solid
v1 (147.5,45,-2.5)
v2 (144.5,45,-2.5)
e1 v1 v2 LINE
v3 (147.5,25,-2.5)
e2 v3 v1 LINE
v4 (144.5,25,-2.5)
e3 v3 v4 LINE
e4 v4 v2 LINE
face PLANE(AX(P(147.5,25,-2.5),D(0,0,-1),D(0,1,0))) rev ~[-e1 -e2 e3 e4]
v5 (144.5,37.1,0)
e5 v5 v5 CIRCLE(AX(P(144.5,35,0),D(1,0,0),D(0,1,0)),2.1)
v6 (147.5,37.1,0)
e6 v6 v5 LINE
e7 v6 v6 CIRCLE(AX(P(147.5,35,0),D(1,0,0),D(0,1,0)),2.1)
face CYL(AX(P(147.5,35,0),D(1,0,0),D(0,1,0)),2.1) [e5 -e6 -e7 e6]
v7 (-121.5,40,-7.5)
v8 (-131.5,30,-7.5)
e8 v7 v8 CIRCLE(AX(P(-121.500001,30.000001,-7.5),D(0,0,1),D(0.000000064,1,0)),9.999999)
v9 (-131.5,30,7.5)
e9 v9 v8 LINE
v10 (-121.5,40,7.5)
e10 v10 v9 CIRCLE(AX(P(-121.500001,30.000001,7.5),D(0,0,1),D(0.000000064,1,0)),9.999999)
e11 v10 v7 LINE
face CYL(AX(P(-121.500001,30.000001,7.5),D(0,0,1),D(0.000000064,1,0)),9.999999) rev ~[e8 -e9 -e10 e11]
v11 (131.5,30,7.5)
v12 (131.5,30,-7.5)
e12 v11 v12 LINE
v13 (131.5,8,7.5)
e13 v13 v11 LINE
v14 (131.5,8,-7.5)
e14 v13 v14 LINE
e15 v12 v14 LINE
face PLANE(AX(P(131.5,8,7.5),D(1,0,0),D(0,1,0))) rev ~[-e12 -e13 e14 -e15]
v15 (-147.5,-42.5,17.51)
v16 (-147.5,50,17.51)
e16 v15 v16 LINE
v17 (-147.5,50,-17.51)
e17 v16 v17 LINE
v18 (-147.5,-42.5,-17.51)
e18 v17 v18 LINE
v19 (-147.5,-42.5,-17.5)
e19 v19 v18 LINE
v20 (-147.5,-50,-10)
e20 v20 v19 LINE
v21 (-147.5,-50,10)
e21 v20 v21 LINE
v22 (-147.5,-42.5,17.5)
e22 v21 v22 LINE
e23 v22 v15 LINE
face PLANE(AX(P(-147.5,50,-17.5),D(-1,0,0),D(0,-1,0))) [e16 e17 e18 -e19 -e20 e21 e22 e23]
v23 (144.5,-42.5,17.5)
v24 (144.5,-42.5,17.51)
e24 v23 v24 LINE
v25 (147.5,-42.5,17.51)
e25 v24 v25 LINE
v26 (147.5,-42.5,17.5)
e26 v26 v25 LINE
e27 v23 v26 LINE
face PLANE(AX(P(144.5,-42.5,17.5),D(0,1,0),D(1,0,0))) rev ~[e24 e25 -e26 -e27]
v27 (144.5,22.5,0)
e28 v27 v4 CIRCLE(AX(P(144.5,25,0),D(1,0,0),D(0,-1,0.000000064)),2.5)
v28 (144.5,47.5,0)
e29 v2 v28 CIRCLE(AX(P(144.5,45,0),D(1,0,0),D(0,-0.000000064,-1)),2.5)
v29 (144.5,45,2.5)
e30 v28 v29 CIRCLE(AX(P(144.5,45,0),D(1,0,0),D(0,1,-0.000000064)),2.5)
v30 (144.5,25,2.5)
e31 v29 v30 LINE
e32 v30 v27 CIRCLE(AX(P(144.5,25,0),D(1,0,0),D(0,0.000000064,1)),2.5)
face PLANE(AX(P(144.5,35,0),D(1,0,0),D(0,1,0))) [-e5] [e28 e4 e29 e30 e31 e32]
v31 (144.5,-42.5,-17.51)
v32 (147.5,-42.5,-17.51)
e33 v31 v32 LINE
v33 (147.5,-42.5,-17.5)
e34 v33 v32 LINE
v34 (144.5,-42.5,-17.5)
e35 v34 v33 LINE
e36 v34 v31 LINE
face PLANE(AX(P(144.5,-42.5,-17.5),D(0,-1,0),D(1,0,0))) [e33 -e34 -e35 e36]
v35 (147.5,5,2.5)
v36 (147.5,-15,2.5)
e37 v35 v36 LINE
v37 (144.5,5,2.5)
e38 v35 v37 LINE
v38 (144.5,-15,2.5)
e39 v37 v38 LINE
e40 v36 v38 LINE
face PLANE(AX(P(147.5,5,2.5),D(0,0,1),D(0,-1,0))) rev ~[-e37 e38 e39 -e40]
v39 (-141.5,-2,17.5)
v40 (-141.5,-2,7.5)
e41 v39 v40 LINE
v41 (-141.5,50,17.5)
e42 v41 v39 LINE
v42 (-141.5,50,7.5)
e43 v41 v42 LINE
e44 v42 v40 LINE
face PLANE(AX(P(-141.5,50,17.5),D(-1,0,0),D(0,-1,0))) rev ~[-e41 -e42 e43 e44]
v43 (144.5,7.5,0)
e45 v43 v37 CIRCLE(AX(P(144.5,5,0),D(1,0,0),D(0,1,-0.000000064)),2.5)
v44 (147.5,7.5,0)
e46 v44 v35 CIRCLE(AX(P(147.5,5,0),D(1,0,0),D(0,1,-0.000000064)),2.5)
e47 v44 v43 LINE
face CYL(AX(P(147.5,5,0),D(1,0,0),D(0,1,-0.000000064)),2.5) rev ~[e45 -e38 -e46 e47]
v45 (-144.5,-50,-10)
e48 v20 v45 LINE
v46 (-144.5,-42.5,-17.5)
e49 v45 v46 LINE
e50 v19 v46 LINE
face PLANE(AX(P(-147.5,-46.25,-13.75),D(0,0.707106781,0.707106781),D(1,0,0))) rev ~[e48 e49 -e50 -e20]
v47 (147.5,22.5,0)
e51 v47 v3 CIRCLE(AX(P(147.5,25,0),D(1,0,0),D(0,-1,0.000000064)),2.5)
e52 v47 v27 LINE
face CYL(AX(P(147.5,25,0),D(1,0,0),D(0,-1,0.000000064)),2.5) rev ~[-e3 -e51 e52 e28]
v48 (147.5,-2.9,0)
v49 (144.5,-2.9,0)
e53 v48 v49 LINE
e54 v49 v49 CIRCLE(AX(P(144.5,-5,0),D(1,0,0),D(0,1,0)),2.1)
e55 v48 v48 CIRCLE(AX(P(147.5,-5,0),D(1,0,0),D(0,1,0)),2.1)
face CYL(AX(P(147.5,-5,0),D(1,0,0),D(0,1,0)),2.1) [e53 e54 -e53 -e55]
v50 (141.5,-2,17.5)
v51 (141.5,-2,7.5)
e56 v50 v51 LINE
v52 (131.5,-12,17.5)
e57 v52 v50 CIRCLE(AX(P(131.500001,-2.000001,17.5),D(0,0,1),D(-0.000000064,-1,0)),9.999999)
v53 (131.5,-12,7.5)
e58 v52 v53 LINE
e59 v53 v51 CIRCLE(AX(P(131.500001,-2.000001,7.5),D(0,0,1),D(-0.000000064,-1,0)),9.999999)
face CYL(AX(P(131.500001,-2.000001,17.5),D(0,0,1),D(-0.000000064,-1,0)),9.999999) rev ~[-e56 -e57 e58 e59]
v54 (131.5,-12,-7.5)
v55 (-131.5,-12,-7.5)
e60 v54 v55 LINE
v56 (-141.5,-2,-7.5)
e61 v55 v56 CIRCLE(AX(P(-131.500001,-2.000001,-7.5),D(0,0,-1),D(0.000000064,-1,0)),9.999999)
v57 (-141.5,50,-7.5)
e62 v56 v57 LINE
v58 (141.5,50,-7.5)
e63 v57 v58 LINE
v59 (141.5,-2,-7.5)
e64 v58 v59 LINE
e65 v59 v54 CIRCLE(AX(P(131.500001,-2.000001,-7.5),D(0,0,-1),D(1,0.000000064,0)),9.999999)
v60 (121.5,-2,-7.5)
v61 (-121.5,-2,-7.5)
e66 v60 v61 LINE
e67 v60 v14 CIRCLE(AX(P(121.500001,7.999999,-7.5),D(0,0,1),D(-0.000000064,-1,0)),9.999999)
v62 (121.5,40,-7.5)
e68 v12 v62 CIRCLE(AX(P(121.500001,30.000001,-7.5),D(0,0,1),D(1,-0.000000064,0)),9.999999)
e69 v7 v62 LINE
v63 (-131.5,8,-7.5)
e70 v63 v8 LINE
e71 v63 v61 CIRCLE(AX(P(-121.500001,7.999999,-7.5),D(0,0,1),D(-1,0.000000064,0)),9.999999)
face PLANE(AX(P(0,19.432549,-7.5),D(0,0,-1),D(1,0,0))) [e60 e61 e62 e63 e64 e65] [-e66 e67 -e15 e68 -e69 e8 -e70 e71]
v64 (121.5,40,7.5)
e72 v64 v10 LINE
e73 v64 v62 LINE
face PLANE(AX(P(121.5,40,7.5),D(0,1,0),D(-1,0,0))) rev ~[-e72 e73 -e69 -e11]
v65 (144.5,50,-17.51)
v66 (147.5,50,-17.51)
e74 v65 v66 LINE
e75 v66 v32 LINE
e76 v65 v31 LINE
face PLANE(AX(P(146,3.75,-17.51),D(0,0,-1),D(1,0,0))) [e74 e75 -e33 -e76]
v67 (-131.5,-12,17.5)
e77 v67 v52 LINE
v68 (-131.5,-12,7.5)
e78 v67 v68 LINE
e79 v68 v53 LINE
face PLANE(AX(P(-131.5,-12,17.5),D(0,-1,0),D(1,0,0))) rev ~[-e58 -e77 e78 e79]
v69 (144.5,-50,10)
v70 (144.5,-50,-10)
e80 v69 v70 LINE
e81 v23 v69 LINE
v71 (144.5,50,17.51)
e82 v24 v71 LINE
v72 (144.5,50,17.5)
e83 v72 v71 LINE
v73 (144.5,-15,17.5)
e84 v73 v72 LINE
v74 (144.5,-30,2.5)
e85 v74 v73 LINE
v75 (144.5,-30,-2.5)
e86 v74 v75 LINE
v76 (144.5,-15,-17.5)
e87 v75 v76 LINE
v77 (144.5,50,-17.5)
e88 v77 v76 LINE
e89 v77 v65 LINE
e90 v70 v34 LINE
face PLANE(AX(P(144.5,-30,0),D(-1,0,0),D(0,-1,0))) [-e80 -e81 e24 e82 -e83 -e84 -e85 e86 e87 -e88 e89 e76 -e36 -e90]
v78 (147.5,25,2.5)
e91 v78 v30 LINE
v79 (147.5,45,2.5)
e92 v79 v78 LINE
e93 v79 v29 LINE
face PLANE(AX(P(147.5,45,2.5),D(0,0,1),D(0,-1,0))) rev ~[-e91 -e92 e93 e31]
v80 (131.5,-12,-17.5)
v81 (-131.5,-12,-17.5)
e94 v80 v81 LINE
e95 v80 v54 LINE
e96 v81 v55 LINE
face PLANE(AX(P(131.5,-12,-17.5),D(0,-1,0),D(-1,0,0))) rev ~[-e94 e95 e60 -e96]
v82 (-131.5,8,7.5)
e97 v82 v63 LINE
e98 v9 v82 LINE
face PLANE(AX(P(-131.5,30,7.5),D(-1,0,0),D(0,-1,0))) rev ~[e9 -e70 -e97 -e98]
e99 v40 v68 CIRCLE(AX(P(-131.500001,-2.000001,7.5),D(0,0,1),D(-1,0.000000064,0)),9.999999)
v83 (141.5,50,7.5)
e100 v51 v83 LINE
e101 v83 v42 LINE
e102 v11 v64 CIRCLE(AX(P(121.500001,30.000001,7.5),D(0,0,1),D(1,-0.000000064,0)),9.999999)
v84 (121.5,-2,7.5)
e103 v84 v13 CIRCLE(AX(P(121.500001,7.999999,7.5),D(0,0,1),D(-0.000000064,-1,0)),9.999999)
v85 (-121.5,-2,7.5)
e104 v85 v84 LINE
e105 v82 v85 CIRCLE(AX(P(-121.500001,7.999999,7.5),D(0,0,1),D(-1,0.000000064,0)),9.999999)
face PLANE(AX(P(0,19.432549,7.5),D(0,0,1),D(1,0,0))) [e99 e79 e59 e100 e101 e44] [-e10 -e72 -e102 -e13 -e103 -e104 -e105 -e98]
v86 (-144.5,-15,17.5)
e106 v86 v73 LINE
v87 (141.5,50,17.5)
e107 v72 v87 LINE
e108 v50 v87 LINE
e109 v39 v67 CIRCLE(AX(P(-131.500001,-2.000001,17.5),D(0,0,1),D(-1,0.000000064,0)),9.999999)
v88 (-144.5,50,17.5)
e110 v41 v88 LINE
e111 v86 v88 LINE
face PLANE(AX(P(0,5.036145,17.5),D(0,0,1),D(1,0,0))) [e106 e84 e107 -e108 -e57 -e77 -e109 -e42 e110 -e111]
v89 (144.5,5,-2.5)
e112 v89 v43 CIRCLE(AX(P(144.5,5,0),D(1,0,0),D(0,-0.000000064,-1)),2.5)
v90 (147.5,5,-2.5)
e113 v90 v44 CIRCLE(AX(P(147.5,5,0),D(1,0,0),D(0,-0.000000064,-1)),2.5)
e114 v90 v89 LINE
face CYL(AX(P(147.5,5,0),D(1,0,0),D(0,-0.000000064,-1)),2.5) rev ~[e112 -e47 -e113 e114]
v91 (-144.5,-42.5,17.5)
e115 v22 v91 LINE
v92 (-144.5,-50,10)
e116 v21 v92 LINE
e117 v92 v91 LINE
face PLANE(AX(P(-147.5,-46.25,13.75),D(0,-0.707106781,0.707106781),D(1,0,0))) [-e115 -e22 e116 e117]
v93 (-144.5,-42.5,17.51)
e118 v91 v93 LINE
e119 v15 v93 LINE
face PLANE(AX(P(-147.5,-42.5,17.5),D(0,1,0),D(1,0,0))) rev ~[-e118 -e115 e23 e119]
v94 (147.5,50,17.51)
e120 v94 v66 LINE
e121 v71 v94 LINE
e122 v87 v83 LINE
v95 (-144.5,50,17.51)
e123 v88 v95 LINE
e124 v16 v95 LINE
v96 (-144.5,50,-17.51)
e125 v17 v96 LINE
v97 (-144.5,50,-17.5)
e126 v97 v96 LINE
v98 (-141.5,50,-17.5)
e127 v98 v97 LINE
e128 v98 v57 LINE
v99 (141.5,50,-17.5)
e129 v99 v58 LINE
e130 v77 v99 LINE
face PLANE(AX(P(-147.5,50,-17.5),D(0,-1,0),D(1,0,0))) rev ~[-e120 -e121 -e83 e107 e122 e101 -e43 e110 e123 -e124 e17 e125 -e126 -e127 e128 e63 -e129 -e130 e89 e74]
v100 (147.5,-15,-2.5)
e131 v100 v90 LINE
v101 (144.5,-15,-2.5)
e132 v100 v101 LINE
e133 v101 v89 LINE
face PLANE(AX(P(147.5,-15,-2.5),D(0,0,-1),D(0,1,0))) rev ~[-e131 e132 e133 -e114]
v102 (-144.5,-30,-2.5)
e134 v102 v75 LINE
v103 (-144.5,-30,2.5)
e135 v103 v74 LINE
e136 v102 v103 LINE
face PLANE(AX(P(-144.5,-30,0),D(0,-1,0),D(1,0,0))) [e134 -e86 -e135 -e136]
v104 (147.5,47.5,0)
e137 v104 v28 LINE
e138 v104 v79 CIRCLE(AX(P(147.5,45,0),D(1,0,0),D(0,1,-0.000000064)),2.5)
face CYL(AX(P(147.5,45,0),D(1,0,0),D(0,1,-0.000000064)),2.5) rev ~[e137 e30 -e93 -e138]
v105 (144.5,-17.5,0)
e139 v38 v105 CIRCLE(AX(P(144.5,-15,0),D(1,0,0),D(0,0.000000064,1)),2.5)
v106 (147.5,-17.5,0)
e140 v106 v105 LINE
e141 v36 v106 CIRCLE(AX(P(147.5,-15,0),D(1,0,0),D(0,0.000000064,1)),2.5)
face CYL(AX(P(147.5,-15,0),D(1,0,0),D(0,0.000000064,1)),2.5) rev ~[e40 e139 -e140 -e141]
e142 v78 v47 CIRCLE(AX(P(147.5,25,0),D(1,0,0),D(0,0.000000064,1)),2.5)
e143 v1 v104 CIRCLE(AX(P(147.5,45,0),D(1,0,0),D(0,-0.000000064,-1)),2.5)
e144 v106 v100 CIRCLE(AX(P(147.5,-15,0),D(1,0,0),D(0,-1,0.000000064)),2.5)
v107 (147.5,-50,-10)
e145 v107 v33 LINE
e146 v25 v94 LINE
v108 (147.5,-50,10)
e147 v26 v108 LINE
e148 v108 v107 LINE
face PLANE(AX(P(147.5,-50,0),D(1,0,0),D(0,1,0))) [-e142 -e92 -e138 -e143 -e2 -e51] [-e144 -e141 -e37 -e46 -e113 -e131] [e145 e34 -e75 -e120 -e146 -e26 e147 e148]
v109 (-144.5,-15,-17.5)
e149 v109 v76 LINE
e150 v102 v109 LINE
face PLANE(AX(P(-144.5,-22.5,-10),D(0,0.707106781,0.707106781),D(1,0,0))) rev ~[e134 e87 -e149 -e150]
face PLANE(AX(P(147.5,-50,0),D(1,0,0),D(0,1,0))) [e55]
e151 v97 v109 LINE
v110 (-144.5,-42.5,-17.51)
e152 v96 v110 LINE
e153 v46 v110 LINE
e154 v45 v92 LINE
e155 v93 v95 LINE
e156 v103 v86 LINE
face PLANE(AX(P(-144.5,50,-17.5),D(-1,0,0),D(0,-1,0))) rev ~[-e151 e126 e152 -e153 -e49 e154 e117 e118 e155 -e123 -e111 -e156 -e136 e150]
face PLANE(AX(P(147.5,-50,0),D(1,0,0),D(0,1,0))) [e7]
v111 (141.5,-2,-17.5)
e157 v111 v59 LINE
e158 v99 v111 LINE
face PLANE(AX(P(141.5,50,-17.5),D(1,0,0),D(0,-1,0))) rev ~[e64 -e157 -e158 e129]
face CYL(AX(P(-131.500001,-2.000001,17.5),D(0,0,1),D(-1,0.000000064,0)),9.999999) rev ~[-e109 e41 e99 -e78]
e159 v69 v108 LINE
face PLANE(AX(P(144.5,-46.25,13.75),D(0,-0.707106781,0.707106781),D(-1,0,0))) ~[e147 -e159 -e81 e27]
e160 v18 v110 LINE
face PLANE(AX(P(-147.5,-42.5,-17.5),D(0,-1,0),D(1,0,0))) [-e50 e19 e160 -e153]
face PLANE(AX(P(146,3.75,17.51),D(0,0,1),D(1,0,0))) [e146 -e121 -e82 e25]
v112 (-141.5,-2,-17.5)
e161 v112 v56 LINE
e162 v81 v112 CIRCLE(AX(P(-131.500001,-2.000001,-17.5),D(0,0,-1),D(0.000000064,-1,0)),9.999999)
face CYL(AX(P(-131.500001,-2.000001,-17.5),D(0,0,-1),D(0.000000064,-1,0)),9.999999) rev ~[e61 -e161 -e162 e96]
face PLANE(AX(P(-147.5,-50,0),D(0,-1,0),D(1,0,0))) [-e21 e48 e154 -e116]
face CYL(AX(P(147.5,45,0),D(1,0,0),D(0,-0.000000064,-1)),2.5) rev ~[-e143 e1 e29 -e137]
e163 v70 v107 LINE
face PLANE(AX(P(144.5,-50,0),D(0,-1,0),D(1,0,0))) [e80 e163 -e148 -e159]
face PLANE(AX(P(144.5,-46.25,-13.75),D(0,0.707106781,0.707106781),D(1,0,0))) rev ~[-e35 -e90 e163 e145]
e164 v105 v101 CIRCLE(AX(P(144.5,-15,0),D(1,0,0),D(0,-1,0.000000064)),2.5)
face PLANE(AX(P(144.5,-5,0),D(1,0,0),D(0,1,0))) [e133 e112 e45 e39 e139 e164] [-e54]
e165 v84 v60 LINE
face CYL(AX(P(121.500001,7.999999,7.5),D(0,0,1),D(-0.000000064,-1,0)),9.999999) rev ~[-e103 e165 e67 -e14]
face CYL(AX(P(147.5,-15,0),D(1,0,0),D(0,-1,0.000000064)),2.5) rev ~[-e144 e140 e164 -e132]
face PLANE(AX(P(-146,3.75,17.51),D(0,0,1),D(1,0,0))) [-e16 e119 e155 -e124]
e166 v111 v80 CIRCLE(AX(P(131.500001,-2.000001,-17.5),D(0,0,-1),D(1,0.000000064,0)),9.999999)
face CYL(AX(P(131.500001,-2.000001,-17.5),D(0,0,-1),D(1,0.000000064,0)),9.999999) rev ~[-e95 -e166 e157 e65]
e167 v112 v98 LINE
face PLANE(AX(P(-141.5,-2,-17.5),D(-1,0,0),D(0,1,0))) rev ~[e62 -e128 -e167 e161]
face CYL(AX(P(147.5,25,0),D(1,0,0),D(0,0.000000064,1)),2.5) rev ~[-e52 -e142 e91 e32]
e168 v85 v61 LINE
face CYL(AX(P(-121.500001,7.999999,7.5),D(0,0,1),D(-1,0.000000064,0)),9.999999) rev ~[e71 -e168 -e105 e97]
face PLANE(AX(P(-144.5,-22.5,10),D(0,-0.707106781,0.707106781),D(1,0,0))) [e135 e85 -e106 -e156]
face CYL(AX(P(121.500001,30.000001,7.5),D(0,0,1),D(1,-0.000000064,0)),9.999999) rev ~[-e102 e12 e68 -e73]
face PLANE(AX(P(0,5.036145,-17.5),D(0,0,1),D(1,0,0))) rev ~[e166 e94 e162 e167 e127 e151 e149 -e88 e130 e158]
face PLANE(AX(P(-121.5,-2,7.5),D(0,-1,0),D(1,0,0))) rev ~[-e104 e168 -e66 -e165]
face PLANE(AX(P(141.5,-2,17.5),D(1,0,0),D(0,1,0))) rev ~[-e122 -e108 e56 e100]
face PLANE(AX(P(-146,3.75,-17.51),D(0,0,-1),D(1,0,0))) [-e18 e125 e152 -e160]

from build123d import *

# Parameters (mm, degrees)
F1_DEPTH      = 17.5
F1_DEPTH_BACK = 17.5
F2_SIZE       = 15
F3_SIZE       = 7.5
F5_W          = 3
F5_H          = 92.5
F6_DEPTH      = 0.01
F7_W          = 3
F7_H          = 92.5
F8_DEPTH      = 0.01
F4_R          = 2.1
F9_DEPTH      = 3
F11_DEPTH     = 10
F13_DEPTH     = 10
F15_DEPTH     = 25


with BuildPart() as f1:
    # F0 (on Top) → F1 (new body, two sides)
    with BuildSketch(Plane.XY) as f1_sk:
        Polygon((147.5, -50), (147.5, 50), (-147.5, 50), (-147.5, -50), (-144.5, -50), (-144.5, -30), (144.5, -30), (144.5, -50), align=None)
    extrude(amount=F1_DEPTH)
    extrude(f1_sk.sketch, amount=-F1_DEPTH_BACK)

    # F2
    f2_edges = [f1.edges().sort_by_distance(p)[0] for p in [
        (0, -30, 17.5),
        (0, -30, -17.5),
    ]]
    chamfer(f2_edges, length=F2_SIZE)

    # F3
    f3_edges = [f1.edges().sort_by_distance(p)[0] for p in [
        (146, -50, 17.5),
        (146, -50, -17.5),
        (-146, -50, 17.5),
        (-146, -50, -17.5),
    ]]
    chamfer(f3_edges, length=F3_SIZE)

    # F5 (on face) → F6 (join)
    with BuildSketch(Plane.XY.offset(17.5)):
        with Locations((-146, 3.75)):
            Rectangle(F5_W, F5_H)
        with Locations((146, 3.75)):
            Rectangle(F5_W, F5_H)
    extrude(amount=F6_DEPTH)

    # F7 (on face) → F8 (join)
    with BuildSketch(Plane(origin=(0, 0, -17.5), x_dir=(1, 0, 0), z_dir=(0, 0, -1))):
        with Locations((-146, -3.75)):
            Rectangle(F7_W, F7_H)
        with Locations((146, -3.75)):
            Rectangle(F7_W, F7_H)
    extrude(amount=F8_DEPTH)

    # F4 (on face) → F9 (cut)
    with BuildSketch(Plane.YZ.offset(147.5)):
        with BuildLine():
            ThreePointArc((47.5, 0), (46.767767, 1.767767), (45, 2.5))
            Line((45, 2.5), (25, 2.5))
            ThreePointArc((25, 2.5), (23.232233, 1.767767), (22.5, 0))
            ThreePointArc((22.5, 0), (23.232233, -1.767767), (25, -2.5))
            Line((25, -2.5), (45, -2.5))
            ThreePointArc((45, -2.5), (46.767767, -1.767767), (47.5, 0))
        make_face()
        with Locations((35, 0)):
            Circle(F4_R, mode=Mode.SUBTRACT)
        with BuildLine():
            ThreePointArc((7.5, 0), (6.767767, 1.767767), (5, 2.5))
            Line((5, 2.5), (-15, 2.5))
            ThreePointArc((-15, 2.5), (-16.767767, 1.767767), (-17.5, 0))
            ThreePointArc((-17.5, 0), (-16.767767, -1.767767), (-15, -2.5))
            Line((-15, -2.5), (5, -2.5))
            ThreePointArc((5, -2.5), (6.767767, -1.767767), (7.5, 0))
        make_face()
        with Locations((-5, 0)):
            Circle(F4_R, mode=Mode.SUBTRACT)
    extrude(amount=-F9_DEPTH, mode=Mode.SUBTRACT)

    # F10 (on face) → F11 (cut)
    with BuildSketch(Plane.XY.offset(17.5)):
        with BuildLine():
            Line((141.5, 50), (-141.5, 50))
            Line((-141.5, 50), (-141.5, -2))
            ThreePointArc((-141.5, -2), (-138.571068, -9.071068), (-131.5, -12))
            Line((-131.5, -12), (131.5, -12))
            ThreePointArc((131.5, -12), (138.571068, -9.071068), (141.5, -2))
            Line((141.5, -2), (141.5, 50))
        make_face()
    extrude(amount=-F11_DEPTH, mode=Mode.SUBTRACT)

    # F12 (on face) → F13 (cut)
    with BuildSketch(Plane(origin=(0, 0, -17.5), x_dir=(1, 0, 0), z_dir=(0, 0, -1))):
        with BuildLine():
            Line((141.5, -50), (141.5, 2))
            ThreePointArc((141.5, 2), (138.571068, 9.071068), (131.5, 12))
            Line((131.5, 12), (-131.5, 12))
            ThreePointArc((-131.5, 12), (-138.571068, 9.071068), (-141.5, 2))
            Line((-141.5, 2), (-141.5, -50))
            Line((-141.5, -50), (141.5, -50))
        make_face()
    extrude(amount=-F13_DEPTH, mode=Mode.SUBTRACT)

    # F14 (on face) → F15 (cut)
    with BuildSketch(Plane.XY.offset(7.5)):
        with BuildLine():
            Line((121.5, 40), (-121.5, 40))
            ThreePointArc((-121.5, 40), (-128.571068, 37.071068), (-131.5, 30))
            Line((-131.5, 30), (-131.5, 8))
            ThreePointArc((-131.5, 8), (-128.571068, 0.928932), (-121.5, -2))
            Line((-121.5, -2), (121.5, -2))
            ThreePointArc((121.5, -2), (128.571068, 0.928932), (131.5, 8))
            Line((131.5, 8), (131.5, 30))
            ThreePointArc((131.5, 30), (128.571068, 37.071068), (121.5, 40))
        make_face()
    extrude(amount=-F15_DEPTH, mode=Mode.SUBTRACT)


solid = f1.part
